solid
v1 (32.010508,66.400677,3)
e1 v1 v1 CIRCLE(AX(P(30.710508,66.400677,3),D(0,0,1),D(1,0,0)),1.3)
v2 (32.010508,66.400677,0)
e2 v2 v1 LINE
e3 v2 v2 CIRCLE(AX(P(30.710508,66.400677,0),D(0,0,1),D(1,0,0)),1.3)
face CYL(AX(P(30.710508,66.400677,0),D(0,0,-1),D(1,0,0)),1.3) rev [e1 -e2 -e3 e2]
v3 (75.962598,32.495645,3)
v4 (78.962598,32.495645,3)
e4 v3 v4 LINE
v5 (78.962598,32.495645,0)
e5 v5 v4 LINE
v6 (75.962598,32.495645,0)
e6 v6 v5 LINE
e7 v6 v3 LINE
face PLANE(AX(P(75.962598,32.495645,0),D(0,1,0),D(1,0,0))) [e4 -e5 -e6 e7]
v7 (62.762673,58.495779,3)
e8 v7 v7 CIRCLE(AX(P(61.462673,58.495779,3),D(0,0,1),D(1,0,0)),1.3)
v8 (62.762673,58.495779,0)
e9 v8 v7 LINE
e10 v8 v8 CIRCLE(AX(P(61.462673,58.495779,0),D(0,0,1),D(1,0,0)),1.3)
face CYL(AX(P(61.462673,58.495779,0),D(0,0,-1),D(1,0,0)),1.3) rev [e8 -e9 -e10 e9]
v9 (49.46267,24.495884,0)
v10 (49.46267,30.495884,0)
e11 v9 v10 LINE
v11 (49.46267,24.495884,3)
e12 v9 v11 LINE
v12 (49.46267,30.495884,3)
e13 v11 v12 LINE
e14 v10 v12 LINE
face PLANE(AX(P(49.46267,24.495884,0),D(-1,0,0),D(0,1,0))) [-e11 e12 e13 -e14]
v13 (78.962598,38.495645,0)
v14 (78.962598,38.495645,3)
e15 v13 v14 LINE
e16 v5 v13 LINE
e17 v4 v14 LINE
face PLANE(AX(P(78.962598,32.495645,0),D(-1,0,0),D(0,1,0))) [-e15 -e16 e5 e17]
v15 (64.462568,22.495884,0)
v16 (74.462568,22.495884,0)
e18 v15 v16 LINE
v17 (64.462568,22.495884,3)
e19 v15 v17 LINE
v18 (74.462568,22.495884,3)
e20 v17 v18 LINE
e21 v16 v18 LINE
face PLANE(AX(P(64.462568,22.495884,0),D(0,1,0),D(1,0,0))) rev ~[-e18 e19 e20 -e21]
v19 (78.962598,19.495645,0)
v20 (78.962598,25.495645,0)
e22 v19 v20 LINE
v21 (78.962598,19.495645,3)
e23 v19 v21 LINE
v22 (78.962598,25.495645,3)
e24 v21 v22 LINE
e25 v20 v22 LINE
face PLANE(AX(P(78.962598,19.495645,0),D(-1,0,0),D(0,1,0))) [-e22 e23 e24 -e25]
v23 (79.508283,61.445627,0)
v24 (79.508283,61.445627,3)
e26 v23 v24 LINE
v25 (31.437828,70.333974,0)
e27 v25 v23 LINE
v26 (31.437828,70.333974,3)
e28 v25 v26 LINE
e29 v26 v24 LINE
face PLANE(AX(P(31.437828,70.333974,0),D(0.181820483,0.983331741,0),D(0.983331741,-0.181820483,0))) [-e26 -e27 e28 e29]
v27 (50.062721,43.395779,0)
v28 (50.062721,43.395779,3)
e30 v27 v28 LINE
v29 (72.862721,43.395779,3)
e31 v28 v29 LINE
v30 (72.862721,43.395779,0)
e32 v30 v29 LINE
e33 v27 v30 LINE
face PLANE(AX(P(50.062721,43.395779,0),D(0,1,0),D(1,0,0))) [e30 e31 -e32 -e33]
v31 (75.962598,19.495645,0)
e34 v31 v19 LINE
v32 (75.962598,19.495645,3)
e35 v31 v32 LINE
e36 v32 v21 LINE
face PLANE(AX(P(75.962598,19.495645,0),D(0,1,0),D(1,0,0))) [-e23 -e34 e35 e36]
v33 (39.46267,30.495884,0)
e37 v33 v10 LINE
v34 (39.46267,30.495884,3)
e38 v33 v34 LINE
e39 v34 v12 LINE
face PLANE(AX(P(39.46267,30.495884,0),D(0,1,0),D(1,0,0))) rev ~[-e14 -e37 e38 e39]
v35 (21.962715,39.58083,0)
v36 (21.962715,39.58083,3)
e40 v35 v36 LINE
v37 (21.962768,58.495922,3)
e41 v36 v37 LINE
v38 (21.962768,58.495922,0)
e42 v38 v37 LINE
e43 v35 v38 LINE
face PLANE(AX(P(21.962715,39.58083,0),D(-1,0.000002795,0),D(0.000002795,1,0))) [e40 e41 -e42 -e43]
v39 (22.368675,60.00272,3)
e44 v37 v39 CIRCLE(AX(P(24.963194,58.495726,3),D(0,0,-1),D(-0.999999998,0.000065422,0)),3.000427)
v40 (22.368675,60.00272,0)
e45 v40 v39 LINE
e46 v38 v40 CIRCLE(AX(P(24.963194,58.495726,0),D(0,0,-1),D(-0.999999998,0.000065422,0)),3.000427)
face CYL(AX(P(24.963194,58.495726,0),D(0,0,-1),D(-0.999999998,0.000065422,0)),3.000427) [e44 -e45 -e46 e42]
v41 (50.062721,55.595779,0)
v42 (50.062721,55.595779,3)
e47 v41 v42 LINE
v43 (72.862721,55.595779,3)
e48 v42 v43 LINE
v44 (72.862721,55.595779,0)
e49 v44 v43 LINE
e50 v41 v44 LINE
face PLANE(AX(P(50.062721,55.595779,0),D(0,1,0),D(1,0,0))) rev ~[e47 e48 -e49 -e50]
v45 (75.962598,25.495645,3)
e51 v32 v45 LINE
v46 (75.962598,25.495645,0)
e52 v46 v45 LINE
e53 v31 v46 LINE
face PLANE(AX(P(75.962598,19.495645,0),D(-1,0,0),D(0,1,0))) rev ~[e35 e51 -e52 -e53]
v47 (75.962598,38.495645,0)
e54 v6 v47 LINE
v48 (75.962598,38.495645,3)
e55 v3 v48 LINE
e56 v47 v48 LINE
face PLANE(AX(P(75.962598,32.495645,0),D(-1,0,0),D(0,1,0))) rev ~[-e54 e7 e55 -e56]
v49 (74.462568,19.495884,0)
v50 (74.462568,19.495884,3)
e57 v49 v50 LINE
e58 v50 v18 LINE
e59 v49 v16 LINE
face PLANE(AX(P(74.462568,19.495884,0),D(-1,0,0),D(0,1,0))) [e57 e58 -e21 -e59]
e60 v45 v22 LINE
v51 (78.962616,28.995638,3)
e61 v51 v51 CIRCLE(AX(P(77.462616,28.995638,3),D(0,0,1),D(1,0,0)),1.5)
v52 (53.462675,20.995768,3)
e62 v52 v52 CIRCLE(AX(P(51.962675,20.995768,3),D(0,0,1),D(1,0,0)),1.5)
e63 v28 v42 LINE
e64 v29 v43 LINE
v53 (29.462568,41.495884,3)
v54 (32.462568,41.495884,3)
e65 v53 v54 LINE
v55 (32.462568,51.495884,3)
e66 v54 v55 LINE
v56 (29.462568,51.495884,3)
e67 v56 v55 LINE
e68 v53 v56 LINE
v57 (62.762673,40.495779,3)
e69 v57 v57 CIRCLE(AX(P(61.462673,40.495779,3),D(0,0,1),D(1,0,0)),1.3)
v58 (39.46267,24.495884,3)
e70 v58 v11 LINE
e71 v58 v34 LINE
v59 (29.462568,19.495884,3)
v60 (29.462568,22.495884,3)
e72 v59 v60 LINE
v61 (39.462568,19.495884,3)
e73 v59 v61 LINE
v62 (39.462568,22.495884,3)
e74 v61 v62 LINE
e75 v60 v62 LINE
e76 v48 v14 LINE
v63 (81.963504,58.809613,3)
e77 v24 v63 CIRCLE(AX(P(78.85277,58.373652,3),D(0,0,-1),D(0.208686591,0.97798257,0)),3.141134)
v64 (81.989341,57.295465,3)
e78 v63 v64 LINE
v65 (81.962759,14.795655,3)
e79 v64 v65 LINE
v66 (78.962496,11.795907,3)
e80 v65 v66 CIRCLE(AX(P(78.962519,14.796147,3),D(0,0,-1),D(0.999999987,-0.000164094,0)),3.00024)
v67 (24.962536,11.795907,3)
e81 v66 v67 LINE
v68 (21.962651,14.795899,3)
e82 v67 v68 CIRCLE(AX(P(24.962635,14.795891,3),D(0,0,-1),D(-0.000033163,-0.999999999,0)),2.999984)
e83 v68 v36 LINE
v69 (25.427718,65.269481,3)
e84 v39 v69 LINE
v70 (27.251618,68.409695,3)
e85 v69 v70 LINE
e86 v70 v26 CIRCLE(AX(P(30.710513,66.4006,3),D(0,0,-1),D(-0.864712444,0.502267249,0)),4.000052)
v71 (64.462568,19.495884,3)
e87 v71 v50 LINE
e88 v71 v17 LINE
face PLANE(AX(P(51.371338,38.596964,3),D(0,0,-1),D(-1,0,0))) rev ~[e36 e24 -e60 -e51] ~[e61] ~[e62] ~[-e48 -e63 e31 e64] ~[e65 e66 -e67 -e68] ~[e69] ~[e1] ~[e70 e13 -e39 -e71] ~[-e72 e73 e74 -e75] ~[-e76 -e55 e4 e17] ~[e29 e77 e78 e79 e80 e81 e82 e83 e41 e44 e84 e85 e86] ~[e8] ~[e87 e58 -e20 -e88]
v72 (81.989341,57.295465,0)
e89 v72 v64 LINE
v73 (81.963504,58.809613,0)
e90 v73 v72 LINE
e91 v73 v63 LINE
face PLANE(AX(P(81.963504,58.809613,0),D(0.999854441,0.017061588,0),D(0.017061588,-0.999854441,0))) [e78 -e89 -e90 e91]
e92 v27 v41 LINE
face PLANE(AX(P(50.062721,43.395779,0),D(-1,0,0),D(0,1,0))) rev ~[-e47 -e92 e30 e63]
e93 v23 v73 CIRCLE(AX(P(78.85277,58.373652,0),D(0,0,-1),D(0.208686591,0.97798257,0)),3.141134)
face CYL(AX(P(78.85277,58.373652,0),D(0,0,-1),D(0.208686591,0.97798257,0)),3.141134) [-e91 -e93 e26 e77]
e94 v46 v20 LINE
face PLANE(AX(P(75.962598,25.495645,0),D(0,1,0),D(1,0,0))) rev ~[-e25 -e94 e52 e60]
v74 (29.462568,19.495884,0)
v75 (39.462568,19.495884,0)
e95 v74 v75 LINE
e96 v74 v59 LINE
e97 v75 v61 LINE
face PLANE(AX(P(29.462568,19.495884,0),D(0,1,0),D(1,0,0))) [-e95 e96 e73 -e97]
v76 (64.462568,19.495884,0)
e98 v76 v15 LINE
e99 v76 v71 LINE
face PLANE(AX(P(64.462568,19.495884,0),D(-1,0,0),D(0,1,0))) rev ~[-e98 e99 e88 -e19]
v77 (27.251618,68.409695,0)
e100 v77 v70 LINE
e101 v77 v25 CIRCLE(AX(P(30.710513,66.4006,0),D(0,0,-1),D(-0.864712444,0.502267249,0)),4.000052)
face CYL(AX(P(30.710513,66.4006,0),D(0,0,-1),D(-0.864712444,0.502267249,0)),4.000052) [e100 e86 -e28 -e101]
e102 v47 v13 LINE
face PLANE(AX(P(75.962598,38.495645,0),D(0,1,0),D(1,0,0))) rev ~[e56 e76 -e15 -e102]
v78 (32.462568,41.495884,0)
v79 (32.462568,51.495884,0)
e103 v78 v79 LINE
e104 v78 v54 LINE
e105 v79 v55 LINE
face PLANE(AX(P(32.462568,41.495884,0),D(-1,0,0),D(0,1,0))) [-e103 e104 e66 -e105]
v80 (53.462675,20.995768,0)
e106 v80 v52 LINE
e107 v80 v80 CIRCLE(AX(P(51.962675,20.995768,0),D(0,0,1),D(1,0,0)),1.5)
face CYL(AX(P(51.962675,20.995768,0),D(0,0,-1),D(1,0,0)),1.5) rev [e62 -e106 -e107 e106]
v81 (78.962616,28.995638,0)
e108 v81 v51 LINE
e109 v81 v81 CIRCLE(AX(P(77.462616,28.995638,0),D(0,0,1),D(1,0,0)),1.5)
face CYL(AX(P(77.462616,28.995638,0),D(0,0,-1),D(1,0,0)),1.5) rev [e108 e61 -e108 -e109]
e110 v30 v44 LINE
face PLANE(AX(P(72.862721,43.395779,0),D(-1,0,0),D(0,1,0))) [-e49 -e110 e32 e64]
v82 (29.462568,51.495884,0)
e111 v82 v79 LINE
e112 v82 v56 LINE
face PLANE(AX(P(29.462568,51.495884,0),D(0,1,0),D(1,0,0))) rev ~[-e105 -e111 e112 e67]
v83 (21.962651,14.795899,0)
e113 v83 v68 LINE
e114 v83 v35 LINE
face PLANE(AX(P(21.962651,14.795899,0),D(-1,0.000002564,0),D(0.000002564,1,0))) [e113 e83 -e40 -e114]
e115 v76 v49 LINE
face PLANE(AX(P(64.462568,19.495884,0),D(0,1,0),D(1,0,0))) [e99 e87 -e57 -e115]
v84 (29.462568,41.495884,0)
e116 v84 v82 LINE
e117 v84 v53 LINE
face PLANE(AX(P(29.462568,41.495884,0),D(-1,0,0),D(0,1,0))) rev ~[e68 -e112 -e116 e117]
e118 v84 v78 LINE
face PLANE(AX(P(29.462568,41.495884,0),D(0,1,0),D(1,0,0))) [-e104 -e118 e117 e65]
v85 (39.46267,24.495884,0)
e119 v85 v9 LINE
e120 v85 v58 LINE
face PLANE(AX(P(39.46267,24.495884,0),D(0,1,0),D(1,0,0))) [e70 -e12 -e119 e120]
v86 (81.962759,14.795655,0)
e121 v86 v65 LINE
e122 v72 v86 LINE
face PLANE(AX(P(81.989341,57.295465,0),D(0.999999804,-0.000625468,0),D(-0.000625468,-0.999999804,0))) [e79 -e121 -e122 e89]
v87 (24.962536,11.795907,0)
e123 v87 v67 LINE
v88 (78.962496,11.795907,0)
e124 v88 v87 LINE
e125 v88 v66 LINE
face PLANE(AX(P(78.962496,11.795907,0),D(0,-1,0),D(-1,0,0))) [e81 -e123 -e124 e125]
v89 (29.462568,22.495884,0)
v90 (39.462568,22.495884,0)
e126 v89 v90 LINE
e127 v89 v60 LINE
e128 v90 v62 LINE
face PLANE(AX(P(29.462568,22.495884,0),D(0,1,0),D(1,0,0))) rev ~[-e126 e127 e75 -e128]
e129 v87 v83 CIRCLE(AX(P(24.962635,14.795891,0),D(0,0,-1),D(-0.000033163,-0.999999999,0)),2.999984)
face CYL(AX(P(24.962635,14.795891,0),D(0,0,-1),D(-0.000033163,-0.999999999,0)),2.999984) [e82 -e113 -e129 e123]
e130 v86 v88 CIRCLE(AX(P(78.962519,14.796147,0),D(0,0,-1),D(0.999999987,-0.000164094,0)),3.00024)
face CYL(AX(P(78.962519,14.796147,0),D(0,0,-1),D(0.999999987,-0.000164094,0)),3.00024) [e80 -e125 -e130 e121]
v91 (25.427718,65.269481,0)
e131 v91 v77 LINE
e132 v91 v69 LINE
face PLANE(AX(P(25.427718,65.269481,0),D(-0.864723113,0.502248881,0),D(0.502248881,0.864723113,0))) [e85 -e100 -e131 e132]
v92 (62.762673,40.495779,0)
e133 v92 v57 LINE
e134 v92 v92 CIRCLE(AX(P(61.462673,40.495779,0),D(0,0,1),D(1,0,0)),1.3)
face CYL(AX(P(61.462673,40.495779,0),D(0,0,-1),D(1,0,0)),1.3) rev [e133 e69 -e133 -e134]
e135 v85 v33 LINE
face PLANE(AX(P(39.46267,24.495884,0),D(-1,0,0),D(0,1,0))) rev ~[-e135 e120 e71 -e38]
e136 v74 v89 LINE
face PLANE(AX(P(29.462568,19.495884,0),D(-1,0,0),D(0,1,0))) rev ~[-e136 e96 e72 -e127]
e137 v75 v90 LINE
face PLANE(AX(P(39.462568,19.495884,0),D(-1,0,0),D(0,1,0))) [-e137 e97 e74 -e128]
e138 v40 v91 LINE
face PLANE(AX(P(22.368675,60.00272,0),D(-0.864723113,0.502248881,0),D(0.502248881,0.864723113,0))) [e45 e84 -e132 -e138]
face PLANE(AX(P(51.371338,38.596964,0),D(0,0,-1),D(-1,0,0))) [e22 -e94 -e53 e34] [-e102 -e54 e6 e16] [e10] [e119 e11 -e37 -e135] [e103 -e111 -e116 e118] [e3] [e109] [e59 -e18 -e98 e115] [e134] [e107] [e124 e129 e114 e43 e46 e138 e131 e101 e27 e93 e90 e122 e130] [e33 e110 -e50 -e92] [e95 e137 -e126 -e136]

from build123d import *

# Parameters (mm, degrees)
MODEL_R             = 1.3
MODEL_R_2           = 1.500000002
MODEL_W             = 3
MODEL_H             = 10
MODEL_W_2           = 10
MODEL_H_2           = 3
MODEL_H_3           = 6
MODEL_W_3           = 22.8
MODEL_H_4           = 12.2
BOSS_EXTRUDE1_DEPTH = 3


with BuildPart() as part:
    # Model → Boss-Extrude1 (new body)
    with BuildSketch(Plane.XY):
        with BuildLine():
            Line((21.96271471, 39.580829954), (21.96276757, 58.495922142))
            ThreePointArc((21.96276757, 58.495922142), (22.066046655, 59.276171923), (22.368675297, 60.00272006))
            Line((22.368675297, 60.00272006), (25.427717727, 65.269480806))
            Line((25.427717727, 65.269480806), (27.25161841, 68.40969502))
            ThreePointArc((27.25161841, 68.40969502), (29.03985645, 70.035063012), (31.437828278, 70.333973552))
            Line((31.437828278, 70.333973552), (79.508282697, 61.445627037))
            ThreePointArc((79.508282697, 61.445627037), (81.151311996, 60.514547069), (81.963503617, 58.809613066))
            Line((81.963503617, 58.809613066), (81.989341148, 57.295464993))
            Line((81.989341148, 57.295464993), (81.962758854, 14.795654622))
            ThreePointArc((81.962758854, 14.795654622), (81.08382665, 12.674474539), (78.962495601, 11.795906758))
            Line((78.962495601, 11.795906758), (24.962535775, 11.795906758))
            ThreePointArc((24.962535775, 11.795906758), (22.841288266, 12.674619651), (21.962651159, 14.795898552))
            Line((21.962651159, 14.795898552), (21.96271471, 39.580829954))
        make_face()
        with Locations((61.462672705, 58.495778552)):
            Circle(MODEL_R, mode=Mode.SUBTRACT)
        with Locations((61.462672705, 40.495778552)):
            Circle(MODEL_R, mode=Mode.SUBTRACT)
        with Locations((30.710508107, 66.400677282)):
            Circle(MODEL_R, mode=Mode.SUBTRACT)
        with Locations((51.962675263, 20.995768297)):
            Circle(MODEL_R_2, mode=Mode.SUBTRACT)
        with Locations((77.462616288, 28.995637525)):
            Circle(MODEL_R_2, mode=Mode.SUBTRACT)
        with Locations((30.962567569, 46.495883681)):
            Rectangle(MODEL_W, MODEL_H, mode=Mode.SUBTRACT)
        with Locations((34.462567569, 20.995883681)):
            Rectangle(MODEL_W_2, MODEL_H_2, mode=Mode.SUBTRACT)
        with Locations((69.462567569, 20.995883681)):
            Rectangle(MODEL_W_2, MODEL_H_2, mode=Mode.SUBTRACT)
        with Locations((77.462598338, 22.495645219)):
            Rectangle(MODEL_W, MODEL_H_3, mode=Mode.SUBTRACT)
        with Locations((61.462721415, 49.495778552)):
            Rectangle(MODEL_W_3, MODEL_H_4, mode=Mode.SUBTRACT)
        with Locations((77.462598338, 35.495645219)):
            Rectangle(MODEL_W, MODEL_H_3, mode=Mode.SUBTRACT)
        with Locations((44.462670134, 27.495883681)):
            Rectangle(MODEL_W_2, MODEL_H_3, mode=Mode.SUBTRACT)
    extrude(amount=BOSS_EXTRUDE1_DEPTH)


solid = part.part
